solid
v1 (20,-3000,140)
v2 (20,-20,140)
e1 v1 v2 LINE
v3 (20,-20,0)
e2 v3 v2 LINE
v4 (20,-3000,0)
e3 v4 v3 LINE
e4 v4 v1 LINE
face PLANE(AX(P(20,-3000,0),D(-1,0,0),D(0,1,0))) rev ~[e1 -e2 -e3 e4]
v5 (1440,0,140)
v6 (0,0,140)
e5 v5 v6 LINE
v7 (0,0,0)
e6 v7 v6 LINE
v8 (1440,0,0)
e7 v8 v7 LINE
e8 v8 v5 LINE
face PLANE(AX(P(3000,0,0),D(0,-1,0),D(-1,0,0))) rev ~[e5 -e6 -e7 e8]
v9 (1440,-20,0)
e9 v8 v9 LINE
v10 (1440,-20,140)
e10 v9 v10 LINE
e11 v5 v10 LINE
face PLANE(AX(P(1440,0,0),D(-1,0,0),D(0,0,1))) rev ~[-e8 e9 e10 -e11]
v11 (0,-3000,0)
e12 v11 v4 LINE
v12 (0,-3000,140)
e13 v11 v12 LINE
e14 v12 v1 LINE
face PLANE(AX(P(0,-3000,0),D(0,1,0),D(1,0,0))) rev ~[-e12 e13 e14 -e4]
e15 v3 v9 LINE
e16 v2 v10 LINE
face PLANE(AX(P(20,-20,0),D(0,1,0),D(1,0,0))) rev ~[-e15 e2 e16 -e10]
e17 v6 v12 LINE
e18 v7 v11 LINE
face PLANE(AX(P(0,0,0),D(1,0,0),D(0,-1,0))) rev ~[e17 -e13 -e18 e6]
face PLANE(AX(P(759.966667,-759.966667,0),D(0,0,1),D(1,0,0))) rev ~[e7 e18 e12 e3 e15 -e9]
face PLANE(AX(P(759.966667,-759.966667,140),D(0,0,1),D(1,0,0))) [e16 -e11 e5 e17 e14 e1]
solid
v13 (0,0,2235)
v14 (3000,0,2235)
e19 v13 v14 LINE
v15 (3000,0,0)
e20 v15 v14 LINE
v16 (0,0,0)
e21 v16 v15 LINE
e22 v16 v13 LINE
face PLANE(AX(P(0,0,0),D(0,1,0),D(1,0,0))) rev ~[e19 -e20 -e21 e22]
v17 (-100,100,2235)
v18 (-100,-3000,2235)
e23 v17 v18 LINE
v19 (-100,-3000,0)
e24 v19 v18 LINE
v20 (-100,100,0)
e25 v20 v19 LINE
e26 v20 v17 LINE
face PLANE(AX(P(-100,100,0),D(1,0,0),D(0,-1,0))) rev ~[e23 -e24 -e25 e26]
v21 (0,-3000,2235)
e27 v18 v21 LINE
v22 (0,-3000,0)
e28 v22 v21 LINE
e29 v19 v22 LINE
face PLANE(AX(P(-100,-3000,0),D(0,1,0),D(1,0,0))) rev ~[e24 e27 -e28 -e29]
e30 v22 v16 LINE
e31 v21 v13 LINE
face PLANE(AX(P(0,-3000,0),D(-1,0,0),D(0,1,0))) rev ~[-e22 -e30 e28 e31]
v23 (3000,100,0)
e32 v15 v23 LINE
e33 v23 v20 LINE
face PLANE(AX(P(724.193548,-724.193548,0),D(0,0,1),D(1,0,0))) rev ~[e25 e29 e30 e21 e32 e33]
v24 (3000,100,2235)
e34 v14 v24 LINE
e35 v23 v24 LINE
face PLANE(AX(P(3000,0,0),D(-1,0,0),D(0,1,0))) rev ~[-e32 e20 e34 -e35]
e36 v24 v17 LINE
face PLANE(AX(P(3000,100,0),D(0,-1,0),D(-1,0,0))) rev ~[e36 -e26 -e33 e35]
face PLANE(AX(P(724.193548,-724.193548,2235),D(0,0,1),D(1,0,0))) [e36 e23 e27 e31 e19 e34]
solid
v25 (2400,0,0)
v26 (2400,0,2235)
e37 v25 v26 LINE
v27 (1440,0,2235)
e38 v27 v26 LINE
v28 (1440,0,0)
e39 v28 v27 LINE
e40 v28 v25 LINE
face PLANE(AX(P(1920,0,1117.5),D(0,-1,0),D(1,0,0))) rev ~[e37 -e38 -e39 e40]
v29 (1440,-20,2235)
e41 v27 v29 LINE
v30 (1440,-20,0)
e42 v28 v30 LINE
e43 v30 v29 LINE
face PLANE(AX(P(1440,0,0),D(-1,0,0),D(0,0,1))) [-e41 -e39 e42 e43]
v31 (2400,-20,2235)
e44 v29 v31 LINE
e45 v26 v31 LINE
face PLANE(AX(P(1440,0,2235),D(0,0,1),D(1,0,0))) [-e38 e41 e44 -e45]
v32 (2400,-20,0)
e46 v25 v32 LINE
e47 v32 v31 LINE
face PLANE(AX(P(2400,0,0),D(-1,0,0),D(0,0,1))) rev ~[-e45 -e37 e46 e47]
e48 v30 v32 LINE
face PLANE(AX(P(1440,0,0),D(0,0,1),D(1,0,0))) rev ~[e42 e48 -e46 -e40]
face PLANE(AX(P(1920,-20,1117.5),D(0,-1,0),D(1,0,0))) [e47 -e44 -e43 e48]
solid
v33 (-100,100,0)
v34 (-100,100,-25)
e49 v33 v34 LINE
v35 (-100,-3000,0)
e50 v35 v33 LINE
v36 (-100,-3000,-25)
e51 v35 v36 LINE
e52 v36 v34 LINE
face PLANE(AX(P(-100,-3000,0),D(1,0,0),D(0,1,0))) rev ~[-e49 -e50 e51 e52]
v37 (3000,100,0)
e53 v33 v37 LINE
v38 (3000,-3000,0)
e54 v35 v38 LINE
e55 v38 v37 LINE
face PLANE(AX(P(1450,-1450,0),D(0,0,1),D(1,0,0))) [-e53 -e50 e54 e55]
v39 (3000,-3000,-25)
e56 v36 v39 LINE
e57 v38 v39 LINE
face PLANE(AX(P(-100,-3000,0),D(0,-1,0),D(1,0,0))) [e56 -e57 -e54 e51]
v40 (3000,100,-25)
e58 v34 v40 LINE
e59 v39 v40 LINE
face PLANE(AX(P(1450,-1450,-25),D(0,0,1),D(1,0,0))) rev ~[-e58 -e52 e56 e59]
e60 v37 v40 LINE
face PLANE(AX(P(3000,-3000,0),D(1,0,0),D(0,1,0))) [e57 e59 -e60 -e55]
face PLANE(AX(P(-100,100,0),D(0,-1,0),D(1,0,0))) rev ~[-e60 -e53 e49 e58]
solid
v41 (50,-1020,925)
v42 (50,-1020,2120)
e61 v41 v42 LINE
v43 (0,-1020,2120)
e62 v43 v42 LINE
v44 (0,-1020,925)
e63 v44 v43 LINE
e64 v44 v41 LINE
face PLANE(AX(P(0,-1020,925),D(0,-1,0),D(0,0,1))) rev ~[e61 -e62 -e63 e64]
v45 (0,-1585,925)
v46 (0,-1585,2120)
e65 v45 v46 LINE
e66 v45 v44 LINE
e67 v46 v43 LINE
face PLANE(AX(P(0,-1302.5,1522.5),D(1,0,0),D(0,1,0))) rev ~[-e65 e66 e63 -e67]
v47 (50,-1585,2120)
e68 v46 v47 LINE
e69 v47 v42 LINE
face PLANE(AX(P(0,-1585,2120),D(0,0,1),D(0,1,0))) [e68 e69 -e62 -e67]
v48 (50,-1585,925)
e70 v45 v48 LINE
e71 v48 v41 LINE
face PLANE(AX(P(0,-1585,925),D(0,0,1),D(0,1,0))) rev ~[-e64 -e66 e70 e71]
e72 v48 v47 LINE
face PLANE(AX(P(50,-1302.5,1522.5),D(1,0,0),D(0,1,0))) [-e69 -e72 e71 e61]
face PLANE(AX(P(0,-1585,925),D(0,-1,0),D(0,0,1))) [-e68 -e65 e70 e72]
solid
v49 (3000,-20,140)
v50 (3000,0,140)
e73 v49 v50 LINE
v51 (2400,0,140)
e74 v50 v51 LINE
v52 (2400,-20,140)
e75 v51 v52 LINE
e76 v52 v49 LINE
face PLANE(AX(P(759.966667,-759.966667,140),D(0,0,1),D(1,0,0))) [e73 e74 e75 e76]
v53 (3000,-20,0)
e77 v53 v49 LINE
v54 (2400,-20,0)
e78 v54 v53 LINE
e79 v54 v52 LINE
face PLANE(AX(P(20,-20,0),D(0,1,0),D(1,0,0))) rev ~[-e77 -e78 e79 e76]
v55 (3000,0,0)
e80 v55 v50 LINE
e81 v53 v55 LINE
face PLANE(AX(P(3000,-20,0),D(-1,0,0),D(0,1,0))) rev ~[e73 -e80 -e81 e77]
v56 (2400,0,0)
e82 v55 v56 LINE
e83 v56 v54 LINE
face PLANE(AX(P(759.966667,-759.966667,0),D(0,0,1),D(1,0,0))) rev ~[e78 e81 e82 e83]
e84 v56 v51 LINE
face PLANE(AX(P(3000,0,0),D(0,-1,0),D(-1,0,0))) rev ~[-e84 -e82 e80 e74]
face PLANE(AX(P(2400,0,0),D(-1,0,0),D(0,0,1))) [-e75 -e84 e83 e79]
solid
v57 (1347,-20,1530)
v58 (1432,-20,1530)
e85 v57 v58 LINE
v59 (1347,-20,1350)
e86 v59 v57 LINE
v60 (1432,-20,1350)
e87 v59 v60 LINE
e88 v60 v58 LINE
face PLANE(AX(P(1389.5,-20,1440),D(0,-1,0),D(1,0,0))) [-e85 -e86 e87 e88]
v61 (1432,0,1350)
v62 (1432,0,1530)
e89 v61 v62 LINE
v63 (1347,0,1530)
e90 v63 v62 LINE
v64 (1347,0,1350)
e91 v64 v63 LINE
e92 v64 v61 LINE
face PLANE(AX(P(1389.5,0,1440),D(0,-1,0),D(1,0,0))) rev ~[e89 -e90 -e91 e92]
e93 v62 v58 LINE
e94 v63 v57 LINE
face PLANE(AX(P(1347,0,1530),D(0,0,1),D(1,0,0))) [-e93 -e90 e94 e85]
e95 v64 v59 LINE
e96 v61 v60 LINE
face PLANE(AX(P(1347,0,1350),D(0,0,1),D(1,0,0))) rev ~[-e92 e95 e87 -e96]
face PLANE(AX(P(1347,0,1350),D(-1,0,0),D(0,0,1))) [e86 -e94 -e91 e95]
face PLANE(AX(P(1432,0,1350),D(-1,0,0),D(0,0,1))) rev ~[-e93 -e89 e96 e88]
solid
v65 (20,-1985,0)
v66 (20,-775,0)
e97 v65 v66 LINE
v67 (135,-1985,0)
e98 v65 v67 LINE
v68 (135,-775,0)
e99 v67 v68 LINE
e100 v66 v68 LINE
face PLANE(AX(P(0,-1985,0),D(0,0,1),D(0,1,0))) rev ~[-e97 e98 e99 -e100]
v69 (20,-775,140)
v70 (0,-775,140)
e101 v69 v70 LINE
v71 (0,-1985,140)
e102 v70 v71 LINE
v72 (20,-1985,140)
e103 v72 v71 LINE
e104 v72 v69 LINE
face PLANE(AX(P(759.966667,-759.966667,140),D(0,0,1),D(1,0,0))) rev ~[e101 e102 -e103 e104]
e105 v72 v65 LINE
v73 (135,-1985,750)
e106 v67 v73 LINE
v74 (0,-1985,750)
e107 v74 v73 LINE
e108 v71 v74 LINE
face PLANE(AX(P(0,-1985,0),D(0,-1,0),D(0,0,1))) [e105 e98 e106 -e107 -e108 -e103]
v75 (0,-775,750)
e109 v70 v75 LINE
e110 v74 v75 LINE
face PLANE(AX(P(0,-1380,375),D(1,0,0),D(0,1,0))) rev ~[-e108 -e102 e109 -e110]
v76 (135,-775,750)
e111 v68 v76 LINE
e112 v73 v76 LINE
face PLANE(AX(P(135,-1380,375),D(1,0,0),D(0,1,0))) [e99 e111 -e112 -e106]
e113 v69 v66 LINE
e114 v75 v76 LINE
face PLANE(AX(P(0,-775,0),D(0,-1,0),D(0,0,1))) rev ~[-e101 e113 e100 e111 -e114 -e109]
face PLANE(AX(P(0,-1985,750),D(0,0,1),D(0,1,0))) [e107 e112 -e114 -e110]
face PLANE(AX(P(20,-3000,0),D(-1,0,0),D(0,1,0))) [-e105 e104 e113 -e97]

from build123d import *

# Parameters (mm, degrees)
F1_DEPTH  = 2235
F2_W      = 960
F2_H      = 2235
F3_DEPTH  = 20
F4_W      = 1210
F4_H      = 750
F5_DEPTH  = 135
F6_W      = 565
F6_H      = 1195
F7_DEPTH  = 50
F9_DEPTH  = 140
F12_W     = 85
F12_H     = 180
F13_DEPTH = 20
F14_W     = 3100
F14_H     = 3100
F15_DEPTH = 25


with BuildPart() as f1:
    # F0 (on Top) → F1 (new body)
    with BuildSketch(Plane.XY):
        Polygon((-100, -3000), (0, -3000), (0, 0), (3000, 0), (3000, 100), (-100, 100), align=None)
    extrude(amount=F1_DEPTH)


with BuildPart() as f3:
    # F2 (on face) → F3 (new body)
    with BuildSketch(Plane.XZ):
        with Locations((1920, 1117.5)):
            Rectangle(F2_W, F2_H)
    extrude(amount=F3_DEPTH)


with BuildPart() as f5:
    # F4 (on face) → F5 (new body)
    with BuildSketch(Plane.YZ):
        with Locations((-1380, 375)):
            Rectangle(F4_W, F4_H)
    extrude(amount=F5_DEPTH)


with BuildPart() as f7:
    # F6 (on face) → F7 (new body)
    with BuildSketch(Plane.YZ):
        with Locations((-1302.5, 1522.5)):
            Rectangle(F6_W, F6_H)
    extrude(amount=F7_DEPTH)


with BuildPart() as f9:
    # F8 (on Top) → F9 (new body)
    with BuildSketch(Plane.XY):
        Polygon((3000, -20), (3000, 0), (0, 0), (0, -3000), (20, -3000), (20, -20), align=None)
    extrude(amount=F9_DEPTH)

    # F11: cut F3
    add(f3.part, mode=Mode.SUBTRACT)


with BuildPart() as f5_1:
    add(f5.part)

    # F10: cut F9
    add(f9.part, mode=Mode.SUBTRACT)


with BuildPart() as f13:
    # F12 (on face) → F13 (new body, through all)
    with BuildSketch(Plane.XZ):
        with Locations((1389.5, 1440)):
            Rectangle(F12_W, F12_H)
    extrude(amount=F13_DEPTH)


with BuildPart() as f15:
    # F14 (on Top) → F15 (new body)
    with BuildSketch(Plane.XY):
        with Locations((1450, -1450)):
            Rectangle(F14_W, F14_H)
    extrude(amount=-F15_DEPTH)


solid = Compound([f1.part, f3.part, f7.part, f9.part, f5_1.part, f13.part, f15.part])
